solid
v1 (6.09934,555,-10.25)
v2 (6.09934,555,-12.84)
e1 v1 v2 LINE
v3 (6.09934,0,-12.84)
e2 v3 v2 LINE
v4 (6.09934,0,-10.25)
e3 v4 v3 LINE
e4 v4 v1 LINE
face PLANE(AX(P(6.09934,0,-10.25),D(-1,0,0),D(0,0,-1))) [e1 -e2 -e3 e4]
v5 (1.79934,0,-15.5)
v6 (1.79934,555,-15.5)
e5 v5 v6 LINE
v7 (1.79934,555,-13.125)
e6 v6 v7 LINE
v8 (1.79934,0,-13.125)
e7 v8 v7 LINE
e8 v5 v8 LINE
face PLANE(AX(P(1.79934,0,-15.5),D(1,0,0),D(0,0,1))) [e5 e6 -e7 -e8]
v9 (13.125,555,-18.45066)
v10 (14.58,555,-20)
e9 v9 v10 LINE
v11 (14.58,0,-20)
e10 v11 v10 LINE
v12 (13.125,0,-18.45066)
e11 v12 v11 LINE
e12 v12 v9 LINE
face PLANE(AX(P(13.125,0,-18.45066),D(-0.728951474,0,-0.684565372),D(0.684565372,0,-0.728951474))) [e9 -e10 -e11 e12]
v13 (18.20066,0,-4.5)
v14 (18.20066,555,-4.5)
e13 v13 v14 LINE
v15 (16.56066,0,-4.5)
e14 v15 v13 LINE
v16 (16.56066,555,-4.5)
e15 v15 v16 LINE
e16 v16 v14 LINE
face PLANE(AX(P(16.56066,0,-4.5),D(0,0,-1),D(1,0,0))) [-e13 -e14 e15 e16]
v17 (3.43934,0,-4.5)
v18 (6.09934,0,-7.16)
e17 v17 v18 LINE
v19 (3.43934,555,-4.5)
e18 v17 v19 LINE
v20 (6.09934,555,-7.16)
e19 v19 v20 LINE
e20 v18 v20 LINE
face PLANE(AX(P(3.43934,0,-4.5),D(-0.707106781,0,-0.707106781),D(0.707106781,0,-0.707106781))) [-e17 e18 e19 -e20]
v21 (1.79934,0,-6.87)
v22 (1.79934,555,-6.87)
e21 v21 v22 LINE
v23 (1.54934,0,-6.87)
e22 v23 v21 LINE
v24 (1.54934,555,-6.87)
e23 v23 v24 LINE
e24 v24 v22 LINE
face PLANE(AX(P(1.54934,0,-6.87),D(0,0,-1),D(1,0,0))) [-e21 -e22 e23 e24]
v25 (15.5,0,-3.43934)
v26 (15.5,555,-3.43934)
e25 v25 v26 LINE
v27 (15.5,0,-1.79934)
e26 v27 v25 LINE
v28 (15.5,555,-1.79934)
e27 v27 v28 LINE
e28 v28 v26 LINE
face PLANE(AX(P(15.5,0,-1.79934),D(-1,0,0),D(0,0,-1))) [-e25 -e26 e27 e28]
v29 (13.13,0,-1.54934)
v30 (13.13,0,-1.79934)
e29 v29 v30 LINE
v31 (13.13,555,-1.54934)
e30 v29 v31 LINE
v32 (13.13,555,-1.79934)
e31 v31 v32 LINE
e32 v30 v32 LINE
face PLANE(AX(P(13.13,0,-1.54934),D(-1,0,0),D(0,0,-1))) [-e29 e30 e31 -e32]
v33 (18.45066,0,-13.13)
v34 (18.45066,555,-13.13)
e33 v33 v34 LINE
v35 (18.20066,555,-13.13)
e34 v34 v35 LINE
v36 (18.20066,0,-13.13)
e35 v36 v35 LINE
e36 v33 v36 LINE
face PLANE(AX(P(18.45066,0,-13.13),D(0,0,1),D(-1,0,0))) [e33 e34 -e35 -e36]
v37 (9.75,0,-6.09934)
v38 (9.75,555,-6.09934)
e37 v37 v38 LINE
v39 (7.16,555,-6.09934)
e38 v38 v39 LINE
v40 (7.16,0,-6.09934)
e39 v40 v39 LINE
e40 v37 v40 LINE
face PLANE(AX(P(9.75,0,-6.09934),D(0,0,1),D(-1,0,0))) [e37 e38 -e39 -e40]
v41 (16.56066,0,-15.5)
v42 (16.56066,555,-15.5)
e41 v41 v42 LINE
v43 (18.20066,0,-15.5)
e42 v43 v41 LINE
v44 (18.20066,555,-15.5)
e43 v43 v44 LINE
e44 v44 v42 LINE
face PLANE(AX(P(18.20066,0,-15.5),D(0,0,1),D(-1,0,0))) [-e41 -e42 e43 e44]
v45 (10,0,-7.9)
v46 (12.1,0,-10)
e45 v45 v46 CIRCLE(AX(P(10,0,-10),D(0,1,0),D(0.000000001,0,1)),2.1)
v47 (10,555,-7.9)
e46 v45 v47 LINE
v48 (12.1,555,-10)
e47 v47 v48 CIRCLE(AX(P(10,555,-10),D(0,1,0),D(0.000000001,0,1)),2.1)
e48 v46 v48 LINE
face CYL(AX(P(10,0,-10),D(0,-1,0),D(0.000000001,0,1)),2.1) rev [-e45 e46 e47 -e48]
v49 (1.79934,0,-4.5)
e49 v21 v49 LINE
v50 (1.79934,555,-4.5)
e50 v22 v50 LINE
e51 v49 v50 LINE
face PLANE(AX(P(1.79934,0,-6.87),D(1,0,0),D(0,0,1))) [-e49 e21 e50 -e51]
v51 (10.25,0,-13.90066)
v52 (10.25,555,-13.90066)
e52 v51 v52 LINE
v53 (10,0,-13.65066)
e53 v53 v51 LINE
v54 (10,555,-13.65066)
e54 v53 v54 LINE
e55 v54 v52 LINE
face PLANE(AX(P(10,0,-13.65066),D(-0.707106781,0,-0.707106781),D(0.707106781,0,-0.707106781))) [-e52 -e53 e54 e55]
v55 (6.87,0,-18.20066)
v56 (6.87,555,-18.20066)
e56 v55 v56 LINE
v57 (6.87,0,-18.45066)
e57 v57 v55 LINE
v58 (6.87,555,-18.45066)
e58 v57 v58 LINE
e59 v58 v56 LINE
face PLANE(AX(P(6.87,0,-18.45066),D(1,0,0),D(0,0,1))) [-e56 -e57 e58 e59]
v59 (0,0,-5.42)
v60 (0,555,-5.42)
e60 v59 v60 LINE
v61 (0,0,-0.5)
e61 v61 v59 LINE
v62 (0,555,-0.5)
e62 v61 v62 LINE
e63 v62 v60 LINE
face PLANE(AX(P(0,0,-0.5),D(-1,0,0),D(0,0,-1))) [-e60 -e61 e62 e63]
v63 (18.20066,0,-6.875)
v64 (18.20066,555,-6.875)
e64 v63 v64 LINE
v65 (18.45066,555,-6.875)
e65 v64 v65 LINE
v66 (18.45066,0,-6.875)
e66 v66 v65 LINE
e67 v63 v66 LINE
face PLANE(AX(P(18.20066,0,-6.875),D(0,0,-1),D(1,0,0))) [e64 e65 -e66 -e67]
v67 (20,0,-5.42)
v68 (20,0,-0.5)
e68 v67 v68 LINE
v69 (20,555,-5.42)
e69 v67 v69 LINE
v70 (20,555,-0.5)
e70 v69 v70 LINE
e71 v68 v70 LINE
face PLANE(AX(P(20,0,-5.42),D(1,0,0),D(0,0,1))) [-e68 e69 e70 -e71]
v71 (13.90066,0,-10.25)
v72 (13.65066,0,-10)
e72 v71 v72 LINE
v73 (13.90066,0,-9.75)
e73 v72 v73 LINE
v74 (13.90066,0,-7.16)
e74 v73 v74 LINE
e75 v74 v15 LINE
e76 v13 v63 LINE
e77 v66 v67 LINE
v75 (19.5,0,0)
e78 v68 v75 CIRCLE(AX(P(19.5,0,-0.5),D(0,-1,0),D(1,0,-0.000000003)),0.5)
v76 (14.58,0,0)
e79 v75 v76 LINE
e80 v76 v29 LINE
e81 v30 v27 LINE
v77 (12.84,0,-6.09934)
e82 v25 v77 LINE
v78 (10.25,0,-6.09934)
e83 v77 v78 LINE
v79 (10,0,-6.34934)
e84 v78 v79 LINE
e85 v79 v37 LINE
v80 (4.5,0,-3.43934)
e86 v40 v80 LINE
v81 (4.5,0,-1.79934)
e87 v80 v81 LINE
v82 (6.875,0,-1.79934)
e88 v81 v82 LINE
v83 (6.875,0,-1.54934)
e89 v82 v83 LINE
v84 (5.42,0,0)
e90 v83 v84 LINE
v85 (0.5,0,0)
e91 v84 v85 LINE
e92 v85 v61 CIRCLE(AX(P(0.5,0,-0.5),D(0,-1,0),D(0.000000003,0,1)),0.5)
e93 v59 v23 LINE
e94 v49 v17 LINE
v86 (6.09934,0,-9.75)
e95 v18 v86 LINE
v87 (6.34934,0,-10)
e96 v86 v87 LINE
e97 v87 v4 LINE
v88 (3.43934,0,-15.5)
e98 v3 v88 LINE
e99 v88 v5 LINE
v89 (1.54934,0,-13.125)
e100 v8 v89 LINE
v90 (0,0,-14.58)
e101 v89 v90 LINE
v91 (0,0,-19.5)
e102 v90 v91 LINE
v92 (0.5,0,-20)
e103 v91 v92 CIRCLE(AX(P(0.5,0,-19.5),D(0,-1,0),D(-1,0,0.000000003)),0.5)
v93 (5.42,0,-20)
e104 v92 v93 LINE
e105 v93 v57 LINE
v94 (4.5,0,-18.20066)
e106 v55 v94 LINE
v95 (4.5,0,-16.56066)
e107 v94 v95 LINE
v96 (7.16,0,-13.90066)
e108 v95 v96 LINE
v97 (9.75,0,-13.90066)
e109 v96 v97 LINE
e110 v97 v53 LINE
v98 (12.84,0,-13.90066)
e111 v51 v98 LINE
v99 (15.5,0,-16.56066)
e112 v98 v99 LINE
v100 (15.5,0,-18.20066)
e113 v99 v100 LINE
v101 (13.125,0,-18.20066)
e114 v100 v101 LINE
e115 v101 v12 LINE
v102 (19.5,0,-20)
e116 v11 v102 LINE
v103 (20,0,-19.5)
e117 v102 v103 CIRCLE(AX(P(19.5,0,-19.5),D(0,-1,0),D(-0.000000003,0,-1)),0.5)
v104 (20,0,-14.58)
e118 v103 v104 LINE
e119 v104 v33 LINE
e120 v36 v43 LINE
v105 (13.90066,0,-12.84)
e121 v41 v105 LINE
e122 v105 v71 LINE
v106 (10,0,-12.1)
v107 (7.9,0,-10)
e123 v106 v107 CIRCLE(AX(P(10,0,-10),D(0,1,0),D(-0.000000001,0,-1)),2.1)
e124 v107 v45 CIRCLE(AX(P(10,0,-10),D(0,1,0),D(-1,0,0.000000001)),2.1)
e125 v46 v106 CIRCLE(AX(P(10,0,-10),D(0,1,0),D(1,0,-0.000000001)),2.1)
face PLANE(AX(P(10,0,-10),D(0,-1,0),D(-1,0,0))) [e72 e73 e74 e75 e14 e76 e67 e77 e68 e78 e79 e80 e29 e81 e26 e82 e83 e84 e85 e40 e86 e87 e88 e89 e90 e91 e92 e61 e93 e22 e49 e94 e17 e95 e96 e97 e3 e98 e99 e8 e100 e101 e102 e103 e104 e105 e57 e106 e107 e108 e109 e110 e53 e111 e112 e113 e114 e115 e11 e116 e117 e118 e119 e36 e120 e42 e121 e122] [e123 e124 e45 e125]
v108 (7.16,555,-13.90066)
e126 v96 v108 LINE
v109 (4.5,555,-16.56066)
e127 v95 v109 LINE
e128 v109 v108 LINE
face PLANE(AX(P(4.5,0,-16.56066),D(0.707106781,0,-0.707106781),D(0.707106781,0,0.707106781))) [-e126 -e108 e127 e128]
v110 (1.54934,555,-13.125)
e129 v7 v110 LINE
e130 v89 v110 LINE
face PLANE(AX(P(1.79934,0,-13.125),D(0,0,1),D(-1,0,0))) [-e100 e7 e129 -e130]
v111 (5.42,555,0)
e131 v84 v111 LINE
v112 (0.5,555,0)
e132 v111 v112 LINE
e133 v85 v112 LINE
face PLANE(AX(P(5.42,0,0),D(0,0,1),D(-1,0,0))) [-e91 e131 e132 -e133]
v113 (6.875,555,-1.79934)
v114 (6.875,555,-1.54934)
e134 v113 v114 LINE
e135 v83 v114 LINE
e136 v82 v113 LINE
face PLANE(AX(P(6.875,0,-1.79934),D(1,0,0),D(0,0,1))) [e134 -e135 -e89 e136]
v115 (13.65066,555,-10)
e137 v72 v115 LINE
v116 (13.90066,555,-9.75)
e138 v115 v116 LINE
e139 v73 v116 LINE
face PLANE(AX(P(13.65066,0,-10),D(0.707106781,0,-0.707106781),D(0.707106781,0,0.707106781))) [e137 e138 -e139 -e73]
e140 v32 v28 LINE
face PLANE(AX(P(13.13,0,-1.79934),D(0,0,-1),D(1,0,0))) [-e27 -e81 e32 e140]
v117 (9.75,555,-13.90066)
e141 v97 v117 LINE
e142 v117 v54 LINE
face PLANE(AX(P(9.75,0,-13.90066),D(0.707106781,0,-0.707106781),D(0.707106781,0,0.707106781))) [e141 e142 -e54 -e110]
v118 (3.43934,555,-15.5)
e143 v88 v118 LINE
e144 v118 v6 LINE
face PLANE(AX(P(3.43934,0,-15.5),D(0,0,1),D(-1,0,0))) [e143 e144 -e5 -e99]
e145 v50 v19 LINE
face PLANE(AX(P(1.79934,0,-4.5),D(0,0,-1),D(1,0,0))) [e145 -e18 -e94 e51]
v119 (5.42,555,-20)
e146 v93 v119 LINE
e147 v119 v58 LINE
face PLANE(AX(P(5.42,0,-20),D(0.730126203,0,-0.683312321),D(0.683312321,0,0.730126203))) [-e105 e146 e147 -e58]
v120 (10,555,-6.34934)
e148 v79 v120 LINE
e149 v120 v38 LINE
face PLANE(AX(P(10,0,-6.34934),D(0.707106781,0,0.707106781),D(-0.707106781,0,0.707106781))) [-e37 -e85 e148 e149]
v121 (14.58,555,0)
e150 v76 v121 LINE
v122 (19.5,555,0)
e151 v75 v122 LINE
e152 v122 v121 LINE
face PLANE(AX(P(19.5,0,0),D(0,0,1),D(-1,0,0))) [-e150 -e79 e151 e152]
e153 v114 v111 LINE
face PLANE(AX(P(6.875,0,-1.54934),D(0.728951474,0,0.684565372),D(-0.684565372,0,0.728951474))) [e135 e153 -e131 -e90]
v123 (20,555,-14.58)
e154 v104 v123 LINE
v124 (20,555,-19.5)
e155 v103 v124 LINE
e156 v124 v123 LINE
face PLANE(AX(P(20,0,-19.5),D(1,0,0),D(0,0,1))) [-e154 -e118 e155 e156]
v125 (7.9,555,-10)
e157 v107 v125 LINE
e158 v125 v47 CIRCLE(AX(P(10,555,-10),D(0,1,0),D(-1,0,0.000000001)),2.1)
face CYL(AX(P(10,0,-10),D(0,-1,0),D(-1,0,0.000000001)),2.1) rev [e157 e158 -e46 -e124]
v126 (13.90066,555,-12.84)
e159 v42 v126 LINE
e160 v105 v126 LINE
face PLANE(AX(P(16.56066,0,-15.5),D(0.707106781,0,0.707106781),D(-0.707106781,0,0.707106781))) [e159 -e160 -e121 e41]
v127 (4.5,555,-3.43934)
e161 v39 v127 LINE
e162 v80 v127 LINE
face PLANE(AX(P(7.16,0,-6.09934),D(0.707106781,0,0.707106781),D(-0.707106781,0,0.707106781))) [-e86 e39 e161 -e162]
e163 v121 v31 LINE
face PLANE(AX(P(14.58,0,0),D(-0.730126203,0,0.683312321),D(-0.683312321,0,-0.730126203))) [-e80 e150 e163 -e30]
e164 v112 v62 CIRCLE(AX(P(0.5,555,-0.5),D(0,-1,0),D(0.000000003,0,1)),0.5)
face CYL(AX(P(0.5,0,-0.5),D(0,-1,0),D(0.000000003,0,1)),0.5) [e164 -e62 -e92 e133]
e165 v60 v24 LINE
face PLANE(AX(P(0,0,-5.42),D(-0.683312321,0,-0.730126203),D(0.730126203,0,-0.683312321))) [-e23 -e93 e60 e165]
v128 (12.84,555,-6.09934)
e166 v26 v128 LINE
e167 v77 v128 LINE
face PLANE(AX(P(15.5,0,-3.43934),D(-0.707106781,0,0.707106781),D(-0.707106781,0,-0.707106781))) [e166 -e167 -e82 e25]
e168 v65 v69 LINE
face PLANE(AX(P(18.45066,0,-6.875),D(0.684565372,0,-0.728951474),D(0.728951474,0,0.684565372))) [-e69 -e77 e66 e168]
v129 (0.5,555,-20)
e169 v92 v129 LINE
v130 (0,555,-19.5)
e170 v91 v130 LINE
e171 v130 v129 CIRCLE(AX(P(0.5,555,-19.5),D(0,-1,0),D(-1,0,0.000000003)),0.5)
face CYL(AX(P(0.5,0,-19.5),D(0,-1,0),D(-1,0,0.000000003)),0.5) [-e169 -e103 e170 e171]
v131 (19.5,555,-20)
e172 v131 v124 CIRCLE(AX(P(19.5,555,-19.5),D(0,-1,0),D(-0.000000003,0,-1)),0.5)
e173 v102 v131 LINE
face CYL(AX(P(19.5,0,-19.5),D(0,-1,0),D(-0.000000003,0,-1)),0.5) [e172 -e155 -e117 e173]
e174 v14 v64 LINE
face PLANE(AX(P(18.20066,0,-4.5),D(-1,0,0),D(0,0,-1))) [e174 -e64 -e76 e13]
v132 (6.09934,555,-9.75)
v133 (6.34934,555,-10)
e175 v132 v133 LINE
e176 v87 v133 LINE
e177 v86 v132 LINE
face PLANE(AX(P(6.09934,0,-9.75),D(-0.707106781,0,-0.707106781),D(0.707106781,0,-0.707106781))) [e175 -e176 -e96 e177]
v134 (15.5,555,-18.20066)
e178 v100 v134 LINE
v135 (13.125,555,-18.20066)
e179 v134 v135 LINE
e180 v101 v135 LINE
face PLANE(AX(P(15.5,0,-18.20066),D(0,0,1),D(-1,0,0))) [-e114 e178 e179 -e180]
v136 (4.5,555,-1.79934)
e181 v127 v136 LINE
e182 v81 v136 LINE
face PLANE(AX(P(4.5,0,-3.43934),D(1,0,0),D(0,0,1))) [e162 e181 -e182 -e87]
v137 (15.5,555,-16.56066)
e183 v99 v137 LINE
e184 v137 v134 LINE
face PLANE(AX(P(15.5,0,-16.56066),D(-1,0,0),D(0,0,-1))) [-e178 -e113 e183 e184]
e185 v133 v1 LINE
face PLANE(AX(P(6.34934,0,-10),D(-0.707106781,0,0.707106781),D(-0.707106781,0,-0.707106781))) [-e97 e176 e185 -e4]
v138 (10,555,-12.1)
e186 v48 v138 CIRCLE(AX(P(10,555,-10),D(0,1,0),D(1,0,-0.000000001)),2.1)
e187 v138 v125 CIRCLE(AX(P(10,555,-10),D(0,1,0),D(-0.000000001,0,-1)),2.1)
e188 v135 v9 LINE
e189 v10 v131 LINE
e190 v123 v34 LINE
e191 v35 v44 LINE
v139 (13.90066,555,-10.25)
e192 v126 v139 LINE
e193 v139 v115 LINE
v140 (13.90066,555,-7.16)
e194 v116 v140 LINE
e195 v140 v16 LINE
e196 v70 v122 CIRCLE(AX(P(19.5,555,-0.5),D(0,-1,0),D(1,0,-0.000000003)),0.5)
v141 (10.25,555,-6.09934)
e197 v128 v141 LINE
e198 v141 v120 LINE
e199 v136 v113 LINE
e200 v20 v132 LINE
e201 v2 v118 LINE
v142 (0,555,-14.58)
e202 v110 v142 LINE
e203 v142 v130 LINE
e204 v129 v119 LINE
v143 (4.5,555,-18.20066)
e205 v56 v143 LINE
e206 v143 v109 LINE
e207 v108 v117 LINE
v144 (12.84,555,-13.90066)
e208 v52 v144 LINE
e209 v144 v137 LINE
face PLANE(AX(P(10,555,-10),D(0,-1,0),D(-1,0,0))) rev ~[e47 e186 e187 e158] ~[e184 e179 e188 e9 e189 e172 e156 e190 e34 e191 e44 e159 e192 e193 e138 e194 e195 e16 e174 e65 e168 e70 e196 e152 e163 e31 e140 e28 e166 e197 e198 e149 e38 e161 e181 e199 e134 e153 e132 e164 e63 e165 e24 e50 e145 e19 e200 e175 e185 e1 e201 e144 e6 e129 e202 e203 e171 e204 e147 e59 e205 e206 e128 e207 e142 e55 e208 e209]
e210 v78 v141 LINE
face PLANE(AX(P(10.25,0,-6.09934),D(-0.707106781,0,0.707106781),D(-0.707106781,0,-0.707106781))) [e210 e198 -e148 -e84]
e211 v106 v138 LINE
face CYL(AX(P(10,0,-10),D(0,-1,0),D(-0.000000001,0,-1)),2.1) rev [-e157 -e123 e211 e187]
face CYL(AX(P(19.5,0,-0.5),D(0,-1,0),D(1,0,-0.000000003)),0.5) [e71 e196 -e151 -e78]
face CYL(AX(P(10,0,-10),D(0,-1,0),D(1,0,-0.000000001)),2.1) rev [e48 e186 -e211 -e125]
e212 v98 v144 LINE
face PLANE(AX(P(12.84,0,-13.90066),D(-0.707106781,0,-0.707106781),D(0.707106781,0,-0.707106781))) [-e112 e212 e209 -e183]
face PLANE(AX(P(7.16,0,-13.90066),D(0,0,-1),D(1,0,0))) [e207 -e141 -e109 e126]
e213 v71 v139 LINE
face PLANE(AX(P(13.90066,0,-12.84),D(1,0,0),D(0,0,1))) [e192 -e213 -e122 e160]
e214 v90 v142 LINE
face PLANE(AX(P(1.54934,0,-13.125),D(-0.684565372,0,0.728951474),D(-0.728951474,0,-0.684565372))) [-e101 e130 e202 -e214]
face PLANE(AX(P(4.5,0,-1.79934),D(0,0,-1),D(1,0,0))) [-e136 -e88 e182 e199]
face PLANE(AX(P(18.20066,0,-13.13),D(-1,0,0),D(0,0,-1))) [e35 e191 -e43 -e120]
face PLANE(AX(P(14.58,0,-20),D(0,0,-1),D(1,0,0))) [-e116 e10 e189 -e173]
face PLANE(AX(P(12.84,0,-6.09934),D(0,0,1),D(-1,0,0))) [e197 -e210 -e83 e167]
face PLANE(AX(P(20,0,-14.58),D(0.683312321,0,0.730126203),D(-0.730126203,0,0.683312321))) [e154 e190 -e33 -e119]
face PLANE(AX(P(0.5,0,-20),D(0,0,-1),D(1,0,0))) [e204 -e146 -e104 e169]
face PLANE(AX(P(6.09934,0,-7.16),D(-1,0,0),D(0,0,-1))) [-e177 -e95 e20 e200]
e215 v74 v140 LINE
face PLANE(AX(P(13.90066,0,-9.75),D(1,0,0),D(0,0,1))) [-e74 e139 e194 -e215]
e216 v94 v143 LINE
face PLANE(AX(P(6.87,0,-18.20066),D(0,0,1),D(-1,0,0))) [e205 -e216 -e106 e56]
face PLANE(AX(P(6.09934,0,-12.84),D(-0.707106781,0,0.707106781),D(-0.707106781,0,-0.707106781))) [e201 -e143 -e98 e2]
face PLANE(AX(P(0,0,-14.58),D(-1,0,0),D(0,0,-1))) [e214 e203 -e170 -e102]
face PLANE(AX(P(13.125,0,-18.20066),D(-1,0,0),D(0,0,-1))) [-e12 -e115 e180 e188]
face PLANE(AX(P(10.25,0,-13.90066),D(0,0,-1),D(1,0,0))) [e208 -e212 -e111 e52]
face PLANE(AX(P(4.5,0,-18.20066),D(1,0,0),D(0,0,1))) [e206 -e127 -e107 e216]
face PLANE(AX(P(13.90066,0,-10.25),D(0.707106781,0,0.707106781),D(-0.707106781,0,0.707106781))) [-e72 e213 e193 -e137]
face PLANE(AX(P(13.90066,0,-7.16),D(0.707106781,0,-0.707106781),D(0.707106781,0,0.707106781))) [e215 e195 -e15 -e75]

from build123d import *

# Parameters (mm, degrees)
BOSS_EXTRUDE1_DEPTH = 555


with BuildPart() as part:
    # Sketch1 → Boss-Extrude1 (new body)
    with BuildSketch(Plane(origin=(0, 0, 0), x_dir=(1, 0, 0), z_dir=(0, 1, 0))):
        with BuildLine():
            Line((20, 5.42), (20, 0.5))
            ThreePointArc((20, 0.5), (19.853553391, 0.146446609), (19.5, 0))
            Line((19.5, 0), (14.58, 0))
            Line((14.58, 0), (13.13, 1.549339828))
            Line((13.13, 1.549339828), (13.13, 1.799339828))
            Line((13.13, 1.799339828), (15.5, 1.799339828))
            Line((15.5, 1.799339828), (15.5, 3.439339828))
            Line((15.5, 3.439339828), (12.84, 6.099339828))
            Line((12.84, 6.099339828), (10.25, 6.099339828))
            Line((10.25, 6.099339828), (10, 6.349339828))
            Line((10, 6.349339828), (9.75, 6.099339828))
            Line((9.75, 6.099339828), (7.16, 6.099339828))
            Line((7.16, 6.099339828), (4.5, 3.439339828))
            Line((4.5, 3.439339828), (4.5, 1.799339828))
            Line((4.5, 1.799339828), (6.875, 1.799339828))
            Line((6.875, 1.799339828), (6.875, 1.549339828))
            Line((6.875, 1.549339828), (5.42, 0))
            Line((5.42, 0), (0.5, 0))
            ThreePointArc((0.5, 0), (0.146446609, 0.146446609), (0, 0.5))
            Line((0, 0.5), (0, 5.42))
            Line((0, 5.42), (1.549339828, 6.87))
            Line((1.549339828, 6.87), (1.799339828, 6.87))
            Line((1.799339828, 6.87), (1.799339828, 4.5))
            Line((1.799339828, 4.5), (3.439339828, 4.5))
            Line((3.439339828, 4.5), (6.099339828, 7.16))
            Line((6.099339828, 7.16), (6.099339828, 9.75))
            Line((6.099339828, 9.75), (6.349339828, 10))
            Line((6.349339828, 10), (6.099339828, 10.25))
            Line((6.099339828, 10.25), (6.099339828, 12.84))
            Line((6.099339828, 12.84), (3.439339828, 15.5))
            Line((3.439339828, 15.5), (1.799339828, 15.5))
            Line((1.799339828, 15.5), (1.799339828, 13.125))
            Line((1.799339828, 13.125), (1.549339828, 13.125))
            Line((1.549339828, 13.125), (0, 14.58))
            Line((0, 14.58), (0, 19.5))
            ThreePointArc((0, 19.5), (0.146446609, 19.853553391), (0.5, 20))
            Line((0.5, 20), (5.42, 20))
            Line((5.42, 20), (6.87, 18.450660172))
            Line((6.87, 18.450660172), (6.87, 18.200660172))
            Line((6.87, 18.200660172), (4.5, 18.200660172))
            Line((4.5, 18.200660172), (4.5, 16.560660172))
            Line((4.5, 16.560660172), (7.16, 13.900660172))
            Line((7.16, 13.900660172), (9.75, 13.900660172))
            Line((9.75, 13.900660172), (10, 13.650660172))
            Line((10, 13.650660172), (10.25, 13.900660172))
            Line((10.25, 13.900660172), (12.84, 13.900660172))
            Line((12.84, 13.900660172), (15.5, 16.560660172))
            Line((15.5, 16.560660172), (15.5, 18.200660172))
            Line((15.5, 18.200660172), (13.125, 18.200660172))
            Line((13.125, 18.200660172), (13.125, 18.450660172))
            Line((13.125, 18.450660172), (14.58, 20))
            Line((14.58, 20), (19.5, 20))
            ThreePointArc((19.5, 20), (19.853553391, 19.853553391), (20, 19.5))
            Line((20, 19.5), (20, 14.58))
            Line((20, 14.58), (18.450660172, 13.13))
            Line((18.450660172, 13.13), (18.200660172, 13.13))
            Line((18.200660172, 13.13), (18.200660172, 15.5))
            Line((18.200660172, 15.5), (16.560660172, 15.5))
            Line((16.560660172, 15.5), (13.900660172, 12.84))
            Line((13.900660172, 12.84), (13.900660172, 10.25))
            Line((13.900660172, 10.25), (13.650660172, 10))
            Line((13.650660172, 10), (13.900660172, 9.75))
            Line((13.900660172, 9.75), (13.900660172, 7.16))
            Line((13.900660172, 7.16), (16.560660172, 4.5))
            Line((16.560660172, 4.5), (18.200660172, 4.5))
            Line((18.200660172, 4.5), (18.200660172, 6.875))
            Line((18.200660172, 6.875), (18.450660172, 6.875))
            Line((18.450660172, 6.875), (20, 5.42))
        make_face()
        with BuildLine():
            ThreePointArc((12.1, 10), (11.48492424, 11.48492424), (10, 12.1))
            ThreePointArc((10, 12.1), (8.51507576, 11.48492424), (7.9, 10))
            ThreePointArc((7.9, 10), (8.51507576, 8.51507576), (10, 7.9))
            ThreePointArc((10, 7.9), (11.48492424, 8.51507576), (12.1, 10))
        make_face(mode=Mode.SUBTRACT)
    extrude(amount=BOSS_EXTRUDE1_DEPTH)


solid = part.part
